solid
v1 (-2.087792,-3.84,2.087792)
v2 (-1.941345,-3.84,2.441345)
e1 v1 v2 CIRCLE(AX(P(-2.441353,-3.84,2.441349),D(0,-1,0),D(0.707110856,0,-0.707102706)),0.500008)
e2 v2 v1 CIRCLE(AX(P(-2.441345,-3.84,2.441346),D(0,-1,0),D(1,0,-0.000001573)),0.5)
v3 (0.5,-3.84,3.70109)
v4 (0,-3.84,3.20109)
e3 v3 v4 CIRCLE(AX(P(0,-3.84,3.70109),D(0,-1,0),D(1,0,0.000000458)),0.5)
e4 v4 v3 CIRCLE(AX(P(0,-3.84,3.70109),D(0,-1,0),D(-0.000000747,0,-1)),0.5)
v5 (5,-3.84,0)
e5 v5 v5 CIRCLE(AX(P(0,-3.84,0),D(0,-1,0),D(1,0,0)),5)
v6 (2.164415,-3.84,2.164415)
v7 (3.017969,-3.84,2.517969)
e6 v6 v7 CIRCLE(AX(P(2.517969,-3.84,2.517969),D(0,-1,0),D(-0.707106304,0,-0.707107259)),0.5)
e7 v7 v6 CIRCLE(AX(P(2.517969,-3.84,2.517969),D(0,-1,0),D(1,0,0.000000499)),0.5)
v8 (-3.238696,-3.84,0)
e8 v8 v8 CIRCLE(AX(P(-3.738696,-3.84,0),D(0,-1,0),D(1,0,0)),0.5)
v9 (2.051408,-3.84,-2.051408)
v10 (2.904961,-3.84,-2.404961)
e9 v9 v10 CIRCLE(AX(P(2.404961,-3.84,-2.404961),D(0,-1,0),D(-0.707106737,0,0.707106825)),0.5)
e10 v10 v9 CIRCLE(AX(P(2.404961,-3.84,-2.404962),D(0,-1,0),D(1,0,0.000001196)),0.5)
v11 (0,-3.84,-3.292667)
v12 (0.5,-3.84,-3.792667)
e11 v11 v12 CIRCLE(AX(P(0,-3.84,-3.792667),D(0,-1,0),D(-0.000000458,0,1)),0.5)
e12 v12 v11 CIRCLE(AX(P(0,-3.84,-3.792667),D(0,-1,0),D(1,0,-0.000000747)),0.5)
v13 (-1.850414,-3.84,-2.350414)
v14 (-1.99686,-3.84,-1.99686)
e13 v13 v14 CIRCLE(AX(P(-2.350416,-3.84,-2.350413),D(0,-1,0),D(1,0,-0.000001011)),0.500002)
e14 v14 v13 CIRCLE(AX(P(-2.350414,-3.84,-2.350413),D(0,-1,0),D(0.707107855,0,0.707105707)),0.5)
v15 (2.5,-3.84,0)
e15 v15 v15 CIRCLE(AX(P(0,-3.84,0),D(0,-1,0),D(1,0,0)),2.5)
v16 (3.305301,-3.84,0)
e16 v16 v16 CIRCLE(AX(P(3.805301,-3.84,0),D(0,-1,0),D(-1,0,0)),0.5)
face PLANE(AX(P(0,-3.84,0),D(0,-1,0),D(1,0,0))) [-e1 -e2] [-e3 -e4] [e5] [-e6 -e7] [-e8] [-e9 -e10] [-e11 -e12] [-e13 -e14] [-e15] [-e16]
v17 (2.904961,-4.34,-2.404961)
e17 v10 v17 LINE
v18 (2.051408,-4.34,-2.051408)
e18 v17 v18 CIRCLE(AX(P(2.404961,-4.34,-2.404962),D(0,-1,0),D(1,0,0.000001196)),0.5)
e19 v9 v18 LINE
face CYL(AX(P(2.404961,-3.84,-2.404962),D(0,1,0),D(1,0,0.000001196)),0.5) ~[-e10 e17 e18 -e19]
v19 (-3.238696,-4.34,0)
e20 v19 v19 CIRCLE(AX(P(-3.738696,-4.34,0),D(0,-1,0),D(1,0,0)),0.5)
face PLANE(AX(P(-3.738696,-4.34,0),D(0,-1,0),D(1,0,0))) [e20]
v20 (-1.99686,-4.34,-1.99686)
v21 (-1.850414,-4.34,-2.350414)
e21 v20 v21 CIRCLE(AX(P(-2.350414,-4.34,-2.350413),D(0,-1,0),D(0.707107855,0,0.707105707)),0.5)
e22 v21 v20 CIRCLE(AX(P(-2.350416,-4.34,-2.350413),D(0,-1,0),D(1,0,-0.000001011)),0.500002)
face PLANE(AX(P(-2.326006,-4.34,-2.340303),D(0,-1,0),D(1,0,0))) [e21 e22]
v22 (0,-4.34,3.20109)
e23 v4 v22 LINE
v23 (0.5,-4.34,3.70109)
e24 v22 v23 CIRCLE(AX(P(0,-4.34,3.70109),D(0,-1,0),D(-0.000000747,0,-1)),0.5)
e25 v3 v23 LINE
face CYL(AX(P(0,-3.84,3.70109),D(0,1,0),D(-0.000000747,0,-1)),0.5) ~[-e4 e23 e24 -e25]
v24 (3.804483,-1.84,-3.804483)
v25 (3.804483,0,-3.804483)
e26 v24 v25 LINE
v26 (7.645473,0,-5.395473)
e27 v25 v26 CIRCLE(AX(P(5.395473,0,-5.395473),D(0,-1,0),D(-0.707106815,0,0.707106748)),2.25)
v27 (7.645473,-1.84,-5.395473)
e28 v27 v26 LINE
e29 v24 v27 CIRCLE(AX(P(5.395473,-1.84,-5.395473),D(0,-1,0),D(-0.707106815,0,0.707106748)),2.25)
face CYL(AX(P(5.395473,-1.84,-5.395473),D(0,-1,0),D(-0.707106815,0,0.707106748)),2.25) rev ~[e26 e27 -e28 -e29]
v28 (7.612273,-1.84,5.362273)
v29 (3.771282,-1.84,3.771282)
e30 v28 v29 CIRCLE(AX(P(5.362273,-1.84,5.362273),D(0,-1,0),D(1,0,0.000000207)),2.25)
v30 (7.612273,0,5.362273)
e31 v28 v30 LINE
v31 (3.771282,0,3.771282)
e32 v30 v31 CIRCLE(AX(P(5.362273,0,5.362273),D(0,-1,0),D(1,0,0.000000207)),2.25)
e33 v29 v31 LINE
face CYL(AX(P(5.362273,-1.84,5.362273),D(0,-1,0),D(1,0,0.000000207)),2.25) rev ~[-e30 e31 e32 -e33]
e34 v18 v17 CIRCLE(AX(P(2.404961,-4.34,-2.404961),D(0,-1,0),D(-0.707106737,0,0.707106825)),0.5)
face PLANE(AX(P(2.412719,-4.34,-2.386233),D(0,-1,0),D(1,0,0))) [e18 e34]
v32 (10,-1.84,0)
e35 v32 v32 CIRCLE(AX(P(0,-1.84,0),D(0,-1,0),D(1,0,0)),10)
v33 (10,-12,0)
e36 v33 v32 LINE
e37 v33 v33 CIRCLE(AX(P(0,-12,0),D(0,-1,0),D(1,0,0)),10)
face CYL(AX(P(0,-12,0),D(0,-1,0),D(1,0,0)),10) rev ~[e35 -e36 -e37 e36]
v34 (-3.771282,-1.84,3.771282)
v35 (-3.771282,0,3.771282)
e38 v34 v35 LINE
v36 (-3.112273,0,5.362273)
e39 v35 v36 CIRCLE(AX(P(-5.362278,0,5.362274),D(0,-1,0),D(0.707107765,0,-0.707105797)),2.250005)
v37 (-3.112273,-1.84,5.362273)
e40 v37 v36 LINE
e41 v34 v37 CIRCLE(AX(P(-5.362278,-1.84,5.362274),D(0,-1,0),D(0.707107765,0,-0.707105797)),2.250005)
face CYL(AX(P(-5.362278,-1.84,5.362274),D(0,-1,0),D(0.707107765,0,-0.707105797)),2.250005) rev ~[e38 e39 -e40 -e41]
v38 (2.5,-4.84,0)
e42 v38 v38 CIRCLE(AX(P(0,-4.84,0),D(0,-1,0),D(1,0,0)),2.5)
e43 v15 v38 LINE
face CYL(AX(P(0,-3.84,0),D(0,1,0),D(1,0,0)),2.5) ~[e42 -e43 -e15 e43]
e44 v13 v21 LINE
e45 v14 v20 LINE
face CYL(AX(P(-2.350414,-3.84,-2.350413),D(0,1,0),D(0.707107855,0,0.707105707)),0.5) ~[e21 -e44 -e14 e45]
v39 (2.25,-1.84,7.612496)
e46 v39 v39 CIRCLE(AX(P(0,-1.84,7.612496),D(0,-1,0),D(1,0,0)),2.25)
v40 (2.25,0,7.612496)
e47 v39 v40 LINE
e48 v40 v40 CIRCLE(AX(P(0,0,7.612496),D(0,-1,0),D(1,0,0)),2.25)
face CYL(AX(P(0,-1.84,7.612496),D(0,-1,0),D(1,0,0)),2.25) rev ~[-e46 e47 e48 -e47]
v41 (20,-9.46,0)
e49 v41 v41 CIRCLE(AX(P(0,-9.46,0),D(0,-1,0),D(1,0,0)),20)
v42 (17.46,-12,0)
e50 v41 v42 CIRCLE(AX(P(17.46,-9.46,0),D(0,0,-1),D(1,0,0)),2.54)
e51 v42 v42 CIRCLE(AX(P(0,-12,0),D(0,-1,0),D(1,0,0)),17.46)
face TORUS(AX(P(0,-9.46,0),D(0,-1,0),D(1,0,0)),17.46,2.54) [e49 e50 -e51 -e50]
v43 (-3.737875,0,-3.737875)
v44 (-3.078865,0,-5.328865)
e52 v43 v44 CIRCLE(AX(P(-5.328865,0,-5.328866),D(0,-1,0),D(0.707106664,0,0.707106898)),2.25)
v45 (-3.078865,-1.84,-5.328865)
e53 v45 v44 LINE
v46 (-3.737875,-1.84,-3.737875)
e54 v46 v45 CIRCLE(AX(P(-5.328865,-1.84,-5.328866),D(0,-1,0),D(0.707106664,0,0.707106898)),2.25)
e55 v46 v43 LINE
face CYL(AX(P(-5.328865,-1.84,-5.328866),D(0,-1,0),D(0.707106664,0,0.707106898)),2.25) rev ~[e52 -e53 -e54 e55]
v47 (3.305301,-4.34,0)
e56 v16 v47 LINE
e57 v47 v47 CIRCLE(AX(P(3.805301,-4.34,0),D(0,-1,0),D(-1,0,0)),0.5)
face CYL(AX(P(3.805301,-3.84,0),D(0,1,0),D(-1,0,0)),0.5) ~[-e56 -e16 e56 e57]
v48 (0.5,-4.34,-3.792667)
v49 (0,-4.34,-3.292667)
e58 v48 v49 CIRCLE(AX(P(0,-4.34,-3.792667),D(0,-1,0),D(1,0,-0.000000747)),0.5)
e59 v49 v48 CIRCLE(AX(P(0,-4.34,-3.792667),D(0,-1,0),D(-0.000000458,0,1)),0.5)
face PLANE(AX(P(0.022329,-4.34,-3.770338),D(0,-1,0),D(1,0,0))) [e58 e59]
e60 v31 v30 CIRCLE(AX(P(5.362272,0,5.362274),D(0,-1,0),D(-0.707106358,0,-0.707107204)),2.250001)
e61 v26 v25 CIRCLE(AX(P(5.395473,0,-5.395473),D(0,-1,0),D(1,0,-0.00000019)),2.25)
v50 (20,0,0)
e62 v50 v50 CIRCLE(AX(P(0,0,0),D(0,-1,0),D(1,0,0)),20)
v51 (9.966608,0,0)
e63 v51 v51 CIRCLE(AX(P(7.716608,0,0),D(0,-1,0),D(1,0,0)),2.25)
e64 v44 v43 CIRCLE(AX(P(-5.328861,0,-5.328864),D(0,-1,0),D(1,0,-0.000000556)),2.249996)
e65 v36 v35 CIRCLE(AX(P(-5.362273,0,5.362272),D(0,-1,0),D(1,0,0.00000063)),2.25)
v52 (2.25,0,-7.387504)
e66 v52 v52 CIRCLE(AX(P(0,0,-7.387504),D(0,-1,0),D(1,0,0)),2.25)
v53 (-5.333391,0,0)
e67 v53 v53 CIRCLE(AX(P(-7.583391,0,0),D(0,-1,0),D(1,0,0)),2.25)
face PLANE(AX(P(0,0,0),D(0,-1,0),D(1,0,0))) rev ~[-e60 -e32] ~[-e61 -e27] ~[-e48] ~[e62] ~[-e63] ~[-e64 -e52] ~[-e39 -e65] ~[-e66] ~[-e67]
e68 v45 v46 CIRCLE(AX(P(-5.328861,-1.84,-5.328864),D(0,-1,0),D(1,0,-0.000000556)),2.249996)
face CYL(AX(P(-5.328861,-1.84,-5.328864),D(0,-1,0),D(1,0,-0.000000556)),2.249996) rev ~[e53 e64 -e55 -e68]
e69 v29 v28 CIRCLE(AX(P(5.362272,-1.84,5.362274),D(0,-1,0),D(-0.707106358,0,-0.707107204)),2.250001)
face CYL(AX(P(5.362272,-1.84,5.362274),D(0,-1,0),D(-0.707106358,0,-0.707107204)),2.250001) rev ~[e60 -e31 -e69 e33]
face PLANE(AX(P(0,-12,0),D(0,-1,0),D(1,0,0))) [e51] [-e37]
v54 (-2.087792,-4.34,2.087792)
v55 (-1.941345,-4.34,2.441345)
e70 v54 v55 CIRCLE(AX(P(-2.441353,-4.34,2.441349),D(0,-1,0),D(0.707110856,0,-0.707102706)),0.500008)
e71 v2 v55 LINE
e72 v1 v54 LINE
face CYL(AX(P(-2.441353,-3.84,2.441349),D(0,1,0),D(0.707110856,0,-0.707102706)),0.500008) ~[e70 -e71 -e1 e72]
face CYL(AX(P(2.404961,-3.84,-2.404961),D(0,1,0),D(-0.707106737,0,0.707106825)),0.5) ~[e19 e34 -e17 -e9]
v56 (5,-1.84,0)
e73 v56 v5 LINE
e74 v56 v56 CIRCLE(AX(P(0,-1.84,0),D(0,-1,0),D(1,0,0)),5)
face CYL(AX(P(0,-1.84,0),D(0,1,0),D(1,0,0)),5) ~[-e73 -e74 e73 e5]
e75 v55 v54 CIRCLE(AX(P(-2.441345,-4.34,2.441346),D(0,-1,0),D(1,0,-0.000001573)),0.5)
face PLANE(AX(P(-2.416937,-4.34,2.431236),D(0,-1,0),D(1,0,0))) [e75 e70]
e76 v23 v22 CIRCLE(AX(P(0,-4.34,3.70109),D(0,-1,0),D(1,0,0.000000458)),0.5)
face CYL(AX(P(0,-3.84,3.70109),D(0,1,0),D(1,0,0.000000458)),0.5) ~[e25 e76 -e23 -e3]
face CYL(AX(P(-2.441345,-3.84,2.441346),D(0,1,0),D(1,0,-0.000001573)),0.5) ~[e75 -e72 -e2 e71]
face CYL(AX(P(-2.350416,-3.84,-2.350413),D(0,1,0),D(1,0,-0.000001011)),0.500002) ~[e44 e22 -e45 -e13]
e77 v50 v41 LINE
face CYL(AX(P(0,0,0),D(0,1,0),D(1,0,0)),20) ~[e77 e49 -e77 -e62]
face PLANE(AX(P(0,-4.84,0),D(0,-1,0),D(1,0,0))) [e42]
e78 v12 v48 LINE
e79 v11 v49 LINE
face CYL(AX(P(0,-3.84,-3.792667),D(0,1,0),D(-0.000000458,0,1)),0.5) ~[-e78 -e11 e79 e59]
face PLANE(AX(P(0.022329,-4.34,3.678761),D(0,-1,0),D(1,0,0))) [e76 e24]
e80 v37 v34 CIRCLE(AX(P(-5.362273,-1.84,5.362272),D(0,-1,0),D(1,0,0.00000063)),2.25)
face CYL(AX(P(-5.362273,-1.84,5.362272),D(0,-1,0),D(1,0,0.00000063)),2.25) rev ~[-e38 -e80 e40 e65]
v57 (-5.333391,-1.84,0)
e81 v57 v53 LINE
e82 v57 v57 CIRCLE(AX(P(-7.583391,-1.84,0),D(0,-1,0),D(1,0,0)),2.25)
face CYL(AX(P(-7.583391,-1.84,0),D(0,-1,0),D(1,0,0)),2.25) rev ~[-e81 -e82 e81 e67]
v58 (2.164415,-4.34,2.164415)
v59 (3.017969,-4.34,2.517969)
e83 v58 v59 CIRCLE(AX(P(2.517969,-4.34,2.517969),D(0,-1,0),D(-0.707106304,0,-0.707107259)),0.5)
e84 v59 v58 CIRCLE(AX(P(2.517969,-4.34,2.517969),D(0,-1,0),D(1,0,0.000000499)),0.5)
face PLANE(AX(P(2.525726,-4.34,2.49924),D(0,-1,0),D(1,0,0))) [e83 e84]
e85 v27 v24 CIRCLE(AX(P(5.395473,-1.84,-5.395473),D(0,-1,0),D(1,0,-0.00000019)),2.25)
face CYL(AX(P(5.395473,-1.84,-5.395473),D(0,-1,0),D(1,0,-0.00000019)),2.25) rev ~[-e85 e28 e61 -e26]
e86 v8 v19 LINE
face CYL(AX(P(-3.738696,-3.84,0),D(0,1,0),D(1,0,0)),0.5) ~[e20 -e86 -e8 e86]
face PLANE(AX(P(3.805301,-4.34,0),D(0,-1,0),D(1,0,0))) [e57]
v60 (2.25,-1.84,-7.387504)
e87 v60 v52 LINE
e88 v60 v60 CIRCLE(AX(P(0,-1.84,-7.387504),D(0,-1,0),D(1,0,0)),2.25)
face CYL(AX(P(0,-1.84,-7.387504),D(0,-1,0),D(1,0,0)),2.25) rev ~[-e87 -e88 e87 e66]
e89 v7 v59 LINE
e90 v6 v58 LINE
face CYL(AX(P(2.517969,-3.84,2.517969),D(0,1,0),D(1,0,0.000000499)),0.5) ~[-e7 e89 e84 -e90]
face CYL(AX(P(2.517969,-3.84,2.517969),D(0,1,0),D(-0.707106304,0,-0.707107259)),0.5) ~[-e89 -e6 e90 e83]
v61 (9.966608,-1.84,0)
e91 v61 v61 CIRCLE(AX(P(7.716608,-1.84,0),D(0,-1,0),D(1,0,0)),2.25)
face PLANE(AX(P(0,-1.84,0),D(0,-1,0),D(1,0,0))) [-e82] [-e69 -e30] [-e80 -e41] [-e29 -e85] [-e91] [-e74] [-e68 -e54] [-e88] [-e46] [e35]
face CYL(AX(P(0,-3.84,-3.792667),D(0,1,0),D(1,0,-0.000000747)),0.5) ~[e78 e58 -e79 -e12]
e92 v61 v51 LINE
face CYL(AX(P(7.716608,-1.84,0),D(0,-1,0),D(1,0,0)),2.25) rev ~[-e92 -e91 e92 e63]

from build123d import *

# Parameters (mm, degrees)
F0_R      = 20
F1_DEPTH  = 12
F2_R      = 2.54
F3_R      = 10
F4_DEPTH  = 10.16
F5_R      = 5
F6_DEPTH  = 2
F7_R      = 2.5
F8_DEPTH  = 1
F10_R     = 2.25
F12_DEPTH = 25.4
F13_DEPTH = 25.4
F14_R     = 0.5
F15_DEPTH = 0.5


with BuildPart() as f1:
    # F0 (on Front) → F1 (new body)
    with BuildSketch(Plane.XZ):
        Circle(F0_R)
    extrude(amount=F1_DEPTH)

    # F2
    f2_edges = [f1.edges().sort_by_distance(p)[0] for p in [
        (-20, -12, 0),
    ]]
    fillet(f2_edges, radius=F2_R)

    # F3 (on face) → F4 (cut)
    with BuildSketch(Plane.XZ.offset(12)):
        Circle(F3_R)
    extrude(amount=-F4_DEPTH, mode=Mode.SUBTRACT)

    # F5 (on face) → F6 (join)
    with BuildSketch(Plane.XZ.offset(1.84)):
        Circle(F5_R)
    extrude(amount=F6_DEPTH)

    # F7 (on face) → F8 (join)
    with BuildSketch(Plane.XZ.offset(3.84)):
        Circle(F7_R)
    extrude(amount=F8_DEPTH)

    # F10 (on face) → F12 (cut)
    with BuildSketch(Plane.XZ.offset(1.84)):
        with Locations((0, 7.612496)):
            Circle(F10_R)
        with Locations((7.716608, 0)):
            Circle(F10_R)
        with Locations((0, -7.387504)):
            Circle(F10_R)
        with Locations((-7.583391, 0)):
            Circle(F10_R)
    extrude(amount=-F12_DEPTH, mode=Mode.SUBTRACT)

    # F11 (on face) → F13 (cut)
    with BuildSketch(Plane.XZ.offset(1.84)):
        with BuildLine():
            ThreePointArc((7.612273, 5.362273), (4.501235, 7.441002), (3.771282, 3.771282))
            ThreePointArc((3.771282, 3.771282), (6.22331, 3.283544), (7.612273, 5.362273))
        make_face()
        with BuildLine():
            ThreePointArc((-3.112273, 5.362273), (-7.441002, 6.22331), (-3.771282, 3.771282))
            ThreePointArc((-3.771282, 3.771282), (-3.283544, 4.501235), (-3.112273, 5.362273))
        make_face()
        with BuildLine():
            ThreePointArc((-3.078865, -5.328865), (-3.250136, -4.467827), (-3.737875, -3.737875))
            ThreePointArc((-3.737875, -3.737875), (-7.407594, -6.189903), (-3.078865, -5.328865))
        make_face()
        with BuildLine():
            ThreePointArc((7.645473, -5.395473), (6.256511, -3.316744), (3.804483, -3.804483))
            ThreePointArc((3.804483, -3.804483), (4.534436, -7.474202), (7.645473, -5.395473))
        make_face()
    extrude(amount=-F13_DEPTH, mode=Mode.SUBTRACT)

    # F14 (on face) → F15 (join)
    with BuildSketch(Plane.XZ.offset(3.84)):
        with BuildLine():
            ThreePointArc((0.5, 3.70109), (-0.353553, 4.054643), (0, 3.20109))
            ThreePointArc((0, 3.20109), (0.353553, 3.347536), (0.5, 3.70109))
        make_face()
        with BuildLine():
            ThreePointArc((3.017969, 2.517969), (2.326627, 2.979909), (2.164415, 2.164415))
            ThreePointArc((2.164415, 2.164415), (2.709311, 2.056029), (3.017969, 2.517969))
        make_face()
        with BuildLine():
            ThreePointArc((4.305301, 0), (3.805301, 0.5), (3.305301, 0))
            ThreePointArc((3.305301, 0), (3.805301, -0.5), (4.305301, 0))
        make_face()
        with BuildLine():
            ThreePointArc((2.904961, -2.404961), (2.596303, -1.943022), (2.051408, -2.051408))
            ThreePointArc((2.051408, -2.051408), (2.21362, -2.866901), (2.904961, -2.404961))
        make_face()
        with BuildLine():
            ThreePointArc((0.5, -3.792667), (0.353553, -3.439113), (0, -3.292667))
            ThreePointArc((0, -3.292667), (-0.353553, -4.14622), (0.5, -3.792667))
        make_face()
        with BuildLine():
            ThreePointArc((-1.850414, -2.350414), (-1.888474, -2.159072), (-1.99686, -1.99686))
            ThreePointArc((-1.99686, -1.99686), (-2.812353, -2.541755), (-1.850414, -2.350414))
        make_face()
        with Locations((-3.738696, 0)):
            Circle(F14_R)
        with BuildLine():
            ThreePointArc((-1.941345, 2.441345), (-2.903285, 2.632687), (-2.087792, 2.087792))
            ThreePointArc((-2.087792, 2.087792), (-1.979406, 2.250004), (-1.941345, 2.441345))
        make_face()
    extrude(amount=F15_DEPTH)


solid = f1.part
